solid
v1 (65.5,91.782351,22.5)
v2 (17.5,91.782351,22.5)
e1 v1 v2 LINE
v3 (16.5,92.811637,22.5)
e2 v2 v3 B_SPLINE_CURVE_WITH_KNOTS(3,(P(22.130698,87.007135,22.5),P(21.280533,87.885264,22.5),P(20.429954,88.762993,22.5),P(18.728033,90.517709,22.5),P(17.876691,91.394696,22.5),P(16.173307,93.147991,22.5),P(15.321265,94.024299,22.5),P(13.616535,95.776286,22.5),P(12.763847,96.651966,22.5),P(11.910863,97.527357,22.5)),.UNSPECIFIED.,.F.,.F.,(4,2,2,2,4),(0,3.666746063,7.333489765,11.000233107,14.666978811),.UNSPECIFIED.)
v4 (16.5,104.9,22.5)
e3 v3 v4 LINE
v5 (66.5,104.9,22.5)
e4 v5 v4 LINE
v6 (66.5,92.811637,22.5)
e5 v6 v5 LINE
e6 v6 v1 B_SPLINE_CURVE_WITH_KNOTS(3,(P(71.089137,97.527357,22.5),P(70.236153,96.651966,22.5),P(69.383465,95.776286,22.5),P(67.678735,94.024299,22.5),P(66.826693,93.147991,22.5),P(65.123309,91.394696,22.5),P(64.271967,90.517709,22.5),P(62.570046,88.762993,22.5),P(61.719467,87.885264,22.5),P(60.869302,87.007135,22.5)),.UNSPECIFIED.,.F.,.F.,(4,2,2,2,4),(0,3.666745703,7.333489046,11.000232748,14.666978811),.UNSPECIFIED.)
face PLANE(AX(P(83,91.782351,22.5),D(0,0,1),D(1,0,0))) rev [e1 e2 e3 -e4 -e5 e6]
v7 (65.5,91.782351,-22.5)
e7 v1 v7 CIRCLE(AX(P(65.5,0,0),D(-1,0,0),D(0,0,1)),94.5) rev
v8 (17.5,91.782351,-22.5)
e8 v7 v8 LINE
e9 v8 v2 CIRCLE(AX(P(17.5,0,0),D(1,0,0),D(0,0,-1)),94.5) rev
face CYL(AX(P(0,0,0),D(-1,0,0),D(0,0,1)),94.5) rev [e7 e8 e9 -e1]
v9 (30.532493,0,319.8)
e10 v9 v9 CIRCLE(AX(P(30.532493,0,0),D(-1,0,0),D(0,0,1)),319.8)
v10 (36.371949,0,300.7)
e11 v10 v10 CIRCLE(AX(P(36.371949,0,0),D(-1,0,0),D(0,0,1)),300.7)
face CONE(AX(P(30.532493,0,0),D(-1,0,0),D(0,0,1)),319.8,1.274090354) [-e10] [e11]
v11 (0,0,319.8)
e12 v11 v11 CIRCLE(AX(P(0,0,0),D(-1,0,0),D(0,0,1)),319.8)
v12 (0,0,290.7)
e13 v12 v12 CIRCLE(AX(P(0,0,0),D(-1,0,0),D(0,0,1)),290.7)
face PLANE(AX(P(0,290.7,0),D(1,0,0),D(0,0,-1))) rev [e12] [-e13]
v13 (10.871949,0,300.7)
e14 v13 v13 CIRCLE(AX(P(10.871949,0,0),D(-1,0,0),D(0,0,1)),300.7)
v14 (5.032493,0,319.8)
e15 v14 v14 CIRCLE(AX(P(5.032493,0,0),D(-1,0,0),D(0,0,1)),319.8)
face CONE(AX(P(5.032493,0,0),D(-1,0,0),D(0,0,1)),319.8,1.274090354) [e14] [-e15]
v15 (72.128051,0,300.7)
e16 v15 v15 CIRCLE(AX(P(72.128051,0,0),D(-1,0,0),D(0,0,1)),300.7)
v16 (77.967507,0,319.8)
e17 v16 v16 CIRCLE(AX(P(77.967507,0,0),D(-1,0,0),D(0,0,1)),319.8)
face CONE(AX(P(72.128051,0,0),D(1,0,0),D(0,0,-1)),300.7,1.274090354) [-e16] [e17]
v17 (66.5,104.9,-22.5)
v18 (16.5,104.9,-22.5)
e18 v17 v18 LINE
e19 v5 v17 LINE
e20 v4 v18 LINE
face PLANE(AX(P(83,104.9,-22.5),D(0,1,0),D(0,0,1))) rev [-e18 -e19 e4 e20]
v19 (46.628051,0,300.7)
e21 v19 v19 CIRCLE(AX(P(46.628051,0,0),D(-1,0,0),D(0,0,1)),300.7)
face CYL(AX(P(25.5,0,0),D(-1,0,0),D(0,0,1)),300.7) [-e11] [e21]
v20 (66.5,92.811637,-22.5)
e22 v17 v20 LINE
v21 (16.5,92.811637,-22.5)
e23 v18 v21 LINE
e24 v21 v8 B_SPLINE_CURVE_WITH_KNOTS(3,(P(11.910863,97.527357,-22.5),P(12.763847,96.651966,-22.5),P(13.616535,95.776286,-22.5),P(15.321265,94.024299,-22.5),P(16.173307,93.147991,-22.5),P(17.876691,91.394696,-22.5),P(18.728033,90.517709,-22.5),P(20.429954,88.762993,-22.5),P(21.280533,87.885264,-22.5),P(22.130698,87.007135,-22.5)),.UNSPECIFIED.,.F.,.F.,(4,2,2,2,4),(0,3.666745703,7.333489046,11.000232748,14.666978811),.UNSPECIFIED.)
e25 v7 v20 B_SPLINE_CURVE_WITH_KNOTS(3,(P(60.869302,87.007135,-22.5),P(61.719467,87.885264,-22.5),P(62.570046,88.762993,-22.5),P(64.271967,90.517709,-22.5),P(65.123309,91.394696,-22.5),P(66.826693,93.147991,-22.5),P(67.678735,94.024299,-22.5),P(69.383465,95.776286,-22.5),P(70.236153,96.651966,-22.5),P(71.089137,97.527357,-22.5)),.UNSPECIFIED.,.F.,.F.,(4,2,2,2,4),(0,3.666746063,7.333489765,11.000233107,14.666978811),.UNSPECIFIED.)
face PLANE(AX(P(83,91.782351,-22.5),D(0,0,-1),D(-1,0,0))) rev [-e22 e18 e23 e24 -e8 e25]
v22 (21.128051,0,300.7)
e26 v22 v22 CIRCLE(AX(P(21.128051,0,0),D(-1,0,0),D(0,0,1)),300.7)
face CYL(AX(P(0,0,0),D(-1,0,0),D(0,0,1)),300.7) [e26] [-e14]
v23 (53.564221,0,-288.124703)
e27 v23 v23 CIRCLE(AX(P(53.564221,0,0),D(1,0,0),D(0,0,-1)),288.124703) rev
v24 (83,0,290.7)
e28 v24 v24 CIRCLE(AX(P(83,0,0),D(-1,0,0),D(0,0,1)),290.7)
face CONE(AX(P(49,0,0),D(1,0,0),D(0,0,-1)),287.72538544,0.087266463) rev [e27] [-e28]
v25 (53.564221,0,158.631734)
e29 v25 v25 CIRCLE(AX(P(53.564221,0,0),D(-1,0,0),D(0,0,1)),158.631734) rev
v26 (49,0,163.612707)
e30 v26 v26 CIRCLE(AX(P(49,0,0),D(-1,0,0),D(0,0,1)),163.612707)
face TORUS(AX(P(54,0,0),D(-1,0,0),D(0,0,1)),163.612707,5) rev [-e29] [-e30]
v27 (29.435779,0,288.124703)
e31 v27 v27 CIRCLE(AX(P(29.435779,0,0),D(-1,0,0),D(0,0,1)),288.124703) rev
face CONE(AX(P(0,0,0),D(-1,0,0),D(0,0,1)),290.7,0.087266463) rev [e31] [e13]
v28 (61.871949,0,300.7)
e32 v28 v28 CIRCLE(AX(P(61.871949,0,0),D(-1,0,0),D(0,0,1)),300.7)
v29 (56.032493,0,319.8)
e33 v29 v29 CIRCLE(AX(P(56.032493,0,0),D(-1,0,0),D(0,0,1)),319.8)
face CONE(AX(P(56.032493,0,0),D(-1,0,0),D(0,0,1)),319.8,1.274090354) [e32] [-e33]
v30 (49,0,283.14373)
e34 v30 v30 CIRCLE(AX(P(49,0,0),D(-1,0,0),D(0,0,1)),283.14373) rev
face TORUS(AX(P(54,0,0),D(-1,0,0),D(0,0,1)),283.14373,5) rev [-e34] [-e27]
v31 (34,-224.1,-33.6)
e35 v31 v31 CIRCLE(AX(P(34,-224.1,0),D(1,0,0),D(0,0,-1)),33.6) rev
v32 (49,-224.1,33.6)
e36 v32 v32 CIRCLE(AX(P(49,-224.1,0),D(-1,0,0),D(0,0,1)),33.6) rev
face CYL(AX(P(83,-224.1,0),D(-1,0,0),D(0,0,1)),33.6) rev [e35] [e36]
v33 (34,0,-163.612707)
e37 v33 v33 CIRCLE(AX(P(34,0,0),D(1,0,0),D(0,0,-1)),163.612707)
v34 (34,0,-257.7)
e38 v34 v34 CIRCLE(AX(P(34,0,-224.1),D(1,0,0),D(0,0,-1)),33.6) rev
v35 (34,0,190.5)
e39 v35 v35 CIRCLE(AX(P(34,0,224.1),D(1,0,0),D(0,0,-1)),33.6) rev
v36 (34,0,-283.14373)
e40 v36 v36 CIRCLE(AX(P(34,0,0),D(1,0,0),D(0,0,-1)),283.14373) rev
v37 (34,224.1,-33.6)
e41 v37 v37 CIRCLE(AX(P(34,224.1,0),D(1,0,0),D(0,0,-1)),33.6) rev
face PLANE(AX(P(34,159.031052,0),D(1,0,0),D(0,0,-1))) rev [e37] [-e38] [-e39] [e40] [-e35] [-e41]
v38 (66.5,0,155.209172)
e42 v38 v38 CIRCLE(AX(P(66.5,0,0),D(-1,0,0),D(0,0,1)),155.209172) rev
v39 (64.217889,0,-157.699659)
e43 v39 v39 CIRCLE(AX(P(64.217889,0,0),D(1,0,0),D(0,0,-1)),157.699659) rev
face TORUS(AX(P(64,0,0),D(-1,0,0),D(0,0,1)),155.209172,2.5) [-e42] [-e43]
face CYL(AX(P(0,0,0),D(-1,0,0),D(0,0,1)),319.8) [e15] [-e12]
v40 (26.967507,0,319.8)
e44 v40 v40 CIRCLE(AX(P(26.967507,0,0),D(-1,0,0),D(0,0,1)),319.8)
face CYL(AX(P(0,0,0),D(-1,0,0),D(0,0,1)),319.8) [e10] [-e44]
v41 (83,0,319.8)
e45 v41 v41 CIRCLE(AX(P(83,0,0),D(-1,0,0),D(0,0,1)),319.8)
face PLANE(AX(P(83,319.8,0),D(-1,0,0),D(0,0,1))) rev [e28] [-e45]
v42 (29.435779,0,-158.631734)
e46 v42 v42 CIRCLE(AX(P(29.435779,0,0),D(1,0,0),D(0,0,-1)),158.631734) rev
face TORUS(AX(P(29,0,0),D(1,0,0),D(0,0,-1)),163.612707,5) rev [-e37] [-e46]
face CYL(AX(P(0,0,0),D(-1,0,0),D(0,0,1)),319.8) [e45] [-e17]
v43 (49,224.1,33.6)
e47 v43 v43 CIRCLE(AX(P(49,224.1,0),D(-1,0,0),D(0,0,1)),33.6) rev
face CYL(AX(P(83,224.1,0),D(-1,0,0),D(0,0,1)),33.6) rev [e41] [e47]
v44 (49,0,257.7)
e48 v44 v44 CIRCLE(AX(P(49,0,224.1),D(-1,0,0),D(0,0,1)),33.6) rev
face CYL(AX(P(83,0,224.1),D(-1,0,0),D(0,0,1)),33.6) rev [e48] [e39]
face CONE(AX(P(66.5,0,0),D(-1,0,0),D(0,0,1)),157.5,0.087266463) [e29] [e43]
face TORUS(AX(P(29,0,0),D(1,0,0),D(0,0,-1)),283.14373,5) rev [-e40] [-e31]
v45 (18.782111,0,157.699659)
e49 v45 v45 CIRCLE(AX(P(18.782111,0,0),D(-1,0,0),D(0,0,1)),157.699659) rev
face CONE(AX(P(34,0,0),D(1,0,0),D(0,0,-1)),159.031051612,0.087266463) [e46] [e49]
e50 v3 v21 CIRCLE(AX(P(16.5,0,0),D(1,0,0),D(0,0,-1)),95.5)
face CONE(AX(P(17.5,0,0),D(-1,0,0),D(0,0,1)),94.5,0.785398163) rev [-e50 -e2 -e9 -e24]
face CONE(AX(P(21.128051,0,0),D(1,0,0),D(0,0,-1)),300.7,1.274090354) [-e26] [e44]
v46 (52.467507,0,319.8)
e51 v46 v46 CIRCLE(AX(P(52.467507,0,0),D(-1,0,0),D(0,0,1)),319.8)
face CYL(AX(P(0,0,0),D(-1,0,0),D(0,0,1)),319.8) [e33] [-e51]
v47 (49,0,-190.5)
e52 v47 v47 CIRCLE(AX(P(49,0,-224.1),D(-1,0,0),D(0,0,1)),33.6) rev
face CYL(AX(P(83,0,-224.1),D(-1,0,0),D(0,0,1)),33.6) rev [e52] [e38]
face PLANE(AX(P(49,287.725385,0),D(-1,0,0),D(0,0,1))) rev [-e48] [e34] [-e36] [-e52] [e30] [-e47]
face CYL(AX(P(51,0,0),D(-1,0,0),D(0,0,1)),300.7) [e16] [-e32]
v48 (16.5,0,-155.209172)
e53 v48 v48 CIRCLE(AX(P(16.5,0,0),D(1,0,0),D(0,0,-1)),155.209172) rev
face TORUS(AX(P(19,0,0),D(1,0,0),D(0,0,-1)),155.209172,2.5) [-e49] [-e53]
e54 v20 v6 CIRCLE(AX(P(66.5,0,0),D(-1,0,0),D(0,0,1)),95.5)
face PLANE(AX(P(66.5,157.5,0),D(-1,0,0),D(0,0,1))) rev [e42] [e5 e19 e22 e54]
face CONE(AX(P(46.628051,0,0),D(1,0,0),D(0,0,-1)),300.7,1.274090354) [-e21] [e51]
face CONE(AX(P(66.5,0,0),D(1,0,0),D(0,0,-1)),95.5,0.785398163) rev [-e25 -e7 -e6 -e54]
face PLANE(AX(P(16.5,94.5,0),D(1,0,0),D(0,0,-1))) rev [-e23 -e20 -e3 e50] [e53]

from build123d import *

# Parameters (mm, degrees)
PATTERN_LINEAR_1001_COUNT   = 3
PATTERN_LINEAR_1001_PITCH   = 25.5
CHAMFER_1_SIZE              = 1
SKETCH_4_W                  = 45
SKETCH_4_H                  = 13.117648374
CUT_EXTRUDE_1_DEPTH         = 458.128351779
FILLET_1_R                  = 5
FILLET_2_R                  = 2.5
SKETCH_5_R                  = 33.6
CUT_EXTRUDE_2_DEPTH         = 460.818529422
PATTERN_CIRCULAR_1915_COUNT = 4


with BuildPart() as part:
    # 草图1 → 旋转1 (revolve)
    with BuildSketch(Plane.XY, mode=Mode.PRIVATE) as revolve_1_sk:
        Polygon((16.5, 94.5), (16.5, 157.5), (34, 159.031051612), (34, 287.72538544), (0, 290.7), (0, 319.8), (83, 319.8), (83, 290.7), (49, 287.72538544), (49, 159.031051612), (66.5, 157.5), (66.5, 94.5), align=None)
    revolve(revolve_1_sk.sketch.rotate(Axis((0, 0, 0), (1, 0, 0)), 90), axis=Axis((0, 0, 0), (1, 0, 0)))

    # 草图2 → 切除-旋转1 (revolve, cut)
    with BuildSketch(Plane.XY, mode=Mode.PRIVATE) as cut_revolve_1_sk:
        Polygon((21.128051255, 300.7), (26.967507271, 319.8), (5.032492729, 319.8), (10.871948745, 300.7), align=None)
    cut_revolve_1 = revolve(cut_revolve_1_sk.sketch.rotate(Axis((0, 0, 0), (1, 0, 0)), 90), axis=Axis((0, 0, 0), (1, 0, 0)), mode=Mode.SUBTRACT)

    # Pattern Linear 1001: 切除-旋转1 ×3
    with Locations(*[(i * PATTERN_LINEAR_1001_PITCH, 0, 0) for i in range(1, PATTERN_LINEAR_1001_COUNT)]):
        add(cut_revolve_1, mode=Mode.SUBTRACT)

    # 倒角1
    chamfer_1_edges = [part.edges().sort_by_distance(p)[0] for p in [
        (16.5, 0, -94.5),
        (66.5, 0, -94.5),
    ]]
    chamfer(chamfer_1_edges, length=CHAMFER_1_SIZE)

    # 草图4 → 切除-拉伸1 (cut, through all)
    with BuildSketch(Plane.ZY.offset(-16.5)):
        with Locations((0, 98.341175432)):
            Rectangle(SKETCH_4_W, SKETCH_4_H)
    extrude(amount=-CUT_EXTRUDE_1_DEPTH, mode=Mode.SUBTRACT)

    # 圆角1
    fillet_1_edges = [part.edges().sort_by_distance(p)[0] for p in [
        (34, 0, -287.72538544),
        (34, 0, -159.031051612),
        (49, 0, -159.031051612),
        (49, 0, -287.72538544),
    ]]
    fillet(fillet_1_edges, radius=FILLET_1_R)

    # 圆角2
    fillet_2_edges = [part.edges().sort_by_distance(p)[0] for p in [
        (16.5, 0, -157.5),
        (66.5, 0, -157.5),
    ]]
    fillet(fillet_2_edges, radius=FILLET_2_R)

    # 草图5 → 切除-拉伸2 (cut, through all)
    with BuildSketch(Plane(origin=(0, 0, 0), x_dir=(0, 0, -1), z_dir=(1, 0, 0))):
        with Locations(Location((0, 224.1, 0), (0, 0, 180))):
            Circle(SKETCH_5_R)
    cut_extrude_2 = extrude(amount=CUT_EXTRUDE_2_DEPTH, mode=Mode.SUBTRACT)

    # Pattern Circular 1915: 切除-拉伸2 ×4 about axis
    pattern_circular_1915_axis = Axis((0, 0, 0), (1, 0, 0))
    for i in range(1, PATTERN_CIRCULAR_1915_COUNT):
        add(cut_extrude_2.rotate(pattern_circular_1915_axis, i * 360 / PATTERN_CIRCULAR_1915_COUNT), mode=Mode.SUBTRACT)


solid = part.part
